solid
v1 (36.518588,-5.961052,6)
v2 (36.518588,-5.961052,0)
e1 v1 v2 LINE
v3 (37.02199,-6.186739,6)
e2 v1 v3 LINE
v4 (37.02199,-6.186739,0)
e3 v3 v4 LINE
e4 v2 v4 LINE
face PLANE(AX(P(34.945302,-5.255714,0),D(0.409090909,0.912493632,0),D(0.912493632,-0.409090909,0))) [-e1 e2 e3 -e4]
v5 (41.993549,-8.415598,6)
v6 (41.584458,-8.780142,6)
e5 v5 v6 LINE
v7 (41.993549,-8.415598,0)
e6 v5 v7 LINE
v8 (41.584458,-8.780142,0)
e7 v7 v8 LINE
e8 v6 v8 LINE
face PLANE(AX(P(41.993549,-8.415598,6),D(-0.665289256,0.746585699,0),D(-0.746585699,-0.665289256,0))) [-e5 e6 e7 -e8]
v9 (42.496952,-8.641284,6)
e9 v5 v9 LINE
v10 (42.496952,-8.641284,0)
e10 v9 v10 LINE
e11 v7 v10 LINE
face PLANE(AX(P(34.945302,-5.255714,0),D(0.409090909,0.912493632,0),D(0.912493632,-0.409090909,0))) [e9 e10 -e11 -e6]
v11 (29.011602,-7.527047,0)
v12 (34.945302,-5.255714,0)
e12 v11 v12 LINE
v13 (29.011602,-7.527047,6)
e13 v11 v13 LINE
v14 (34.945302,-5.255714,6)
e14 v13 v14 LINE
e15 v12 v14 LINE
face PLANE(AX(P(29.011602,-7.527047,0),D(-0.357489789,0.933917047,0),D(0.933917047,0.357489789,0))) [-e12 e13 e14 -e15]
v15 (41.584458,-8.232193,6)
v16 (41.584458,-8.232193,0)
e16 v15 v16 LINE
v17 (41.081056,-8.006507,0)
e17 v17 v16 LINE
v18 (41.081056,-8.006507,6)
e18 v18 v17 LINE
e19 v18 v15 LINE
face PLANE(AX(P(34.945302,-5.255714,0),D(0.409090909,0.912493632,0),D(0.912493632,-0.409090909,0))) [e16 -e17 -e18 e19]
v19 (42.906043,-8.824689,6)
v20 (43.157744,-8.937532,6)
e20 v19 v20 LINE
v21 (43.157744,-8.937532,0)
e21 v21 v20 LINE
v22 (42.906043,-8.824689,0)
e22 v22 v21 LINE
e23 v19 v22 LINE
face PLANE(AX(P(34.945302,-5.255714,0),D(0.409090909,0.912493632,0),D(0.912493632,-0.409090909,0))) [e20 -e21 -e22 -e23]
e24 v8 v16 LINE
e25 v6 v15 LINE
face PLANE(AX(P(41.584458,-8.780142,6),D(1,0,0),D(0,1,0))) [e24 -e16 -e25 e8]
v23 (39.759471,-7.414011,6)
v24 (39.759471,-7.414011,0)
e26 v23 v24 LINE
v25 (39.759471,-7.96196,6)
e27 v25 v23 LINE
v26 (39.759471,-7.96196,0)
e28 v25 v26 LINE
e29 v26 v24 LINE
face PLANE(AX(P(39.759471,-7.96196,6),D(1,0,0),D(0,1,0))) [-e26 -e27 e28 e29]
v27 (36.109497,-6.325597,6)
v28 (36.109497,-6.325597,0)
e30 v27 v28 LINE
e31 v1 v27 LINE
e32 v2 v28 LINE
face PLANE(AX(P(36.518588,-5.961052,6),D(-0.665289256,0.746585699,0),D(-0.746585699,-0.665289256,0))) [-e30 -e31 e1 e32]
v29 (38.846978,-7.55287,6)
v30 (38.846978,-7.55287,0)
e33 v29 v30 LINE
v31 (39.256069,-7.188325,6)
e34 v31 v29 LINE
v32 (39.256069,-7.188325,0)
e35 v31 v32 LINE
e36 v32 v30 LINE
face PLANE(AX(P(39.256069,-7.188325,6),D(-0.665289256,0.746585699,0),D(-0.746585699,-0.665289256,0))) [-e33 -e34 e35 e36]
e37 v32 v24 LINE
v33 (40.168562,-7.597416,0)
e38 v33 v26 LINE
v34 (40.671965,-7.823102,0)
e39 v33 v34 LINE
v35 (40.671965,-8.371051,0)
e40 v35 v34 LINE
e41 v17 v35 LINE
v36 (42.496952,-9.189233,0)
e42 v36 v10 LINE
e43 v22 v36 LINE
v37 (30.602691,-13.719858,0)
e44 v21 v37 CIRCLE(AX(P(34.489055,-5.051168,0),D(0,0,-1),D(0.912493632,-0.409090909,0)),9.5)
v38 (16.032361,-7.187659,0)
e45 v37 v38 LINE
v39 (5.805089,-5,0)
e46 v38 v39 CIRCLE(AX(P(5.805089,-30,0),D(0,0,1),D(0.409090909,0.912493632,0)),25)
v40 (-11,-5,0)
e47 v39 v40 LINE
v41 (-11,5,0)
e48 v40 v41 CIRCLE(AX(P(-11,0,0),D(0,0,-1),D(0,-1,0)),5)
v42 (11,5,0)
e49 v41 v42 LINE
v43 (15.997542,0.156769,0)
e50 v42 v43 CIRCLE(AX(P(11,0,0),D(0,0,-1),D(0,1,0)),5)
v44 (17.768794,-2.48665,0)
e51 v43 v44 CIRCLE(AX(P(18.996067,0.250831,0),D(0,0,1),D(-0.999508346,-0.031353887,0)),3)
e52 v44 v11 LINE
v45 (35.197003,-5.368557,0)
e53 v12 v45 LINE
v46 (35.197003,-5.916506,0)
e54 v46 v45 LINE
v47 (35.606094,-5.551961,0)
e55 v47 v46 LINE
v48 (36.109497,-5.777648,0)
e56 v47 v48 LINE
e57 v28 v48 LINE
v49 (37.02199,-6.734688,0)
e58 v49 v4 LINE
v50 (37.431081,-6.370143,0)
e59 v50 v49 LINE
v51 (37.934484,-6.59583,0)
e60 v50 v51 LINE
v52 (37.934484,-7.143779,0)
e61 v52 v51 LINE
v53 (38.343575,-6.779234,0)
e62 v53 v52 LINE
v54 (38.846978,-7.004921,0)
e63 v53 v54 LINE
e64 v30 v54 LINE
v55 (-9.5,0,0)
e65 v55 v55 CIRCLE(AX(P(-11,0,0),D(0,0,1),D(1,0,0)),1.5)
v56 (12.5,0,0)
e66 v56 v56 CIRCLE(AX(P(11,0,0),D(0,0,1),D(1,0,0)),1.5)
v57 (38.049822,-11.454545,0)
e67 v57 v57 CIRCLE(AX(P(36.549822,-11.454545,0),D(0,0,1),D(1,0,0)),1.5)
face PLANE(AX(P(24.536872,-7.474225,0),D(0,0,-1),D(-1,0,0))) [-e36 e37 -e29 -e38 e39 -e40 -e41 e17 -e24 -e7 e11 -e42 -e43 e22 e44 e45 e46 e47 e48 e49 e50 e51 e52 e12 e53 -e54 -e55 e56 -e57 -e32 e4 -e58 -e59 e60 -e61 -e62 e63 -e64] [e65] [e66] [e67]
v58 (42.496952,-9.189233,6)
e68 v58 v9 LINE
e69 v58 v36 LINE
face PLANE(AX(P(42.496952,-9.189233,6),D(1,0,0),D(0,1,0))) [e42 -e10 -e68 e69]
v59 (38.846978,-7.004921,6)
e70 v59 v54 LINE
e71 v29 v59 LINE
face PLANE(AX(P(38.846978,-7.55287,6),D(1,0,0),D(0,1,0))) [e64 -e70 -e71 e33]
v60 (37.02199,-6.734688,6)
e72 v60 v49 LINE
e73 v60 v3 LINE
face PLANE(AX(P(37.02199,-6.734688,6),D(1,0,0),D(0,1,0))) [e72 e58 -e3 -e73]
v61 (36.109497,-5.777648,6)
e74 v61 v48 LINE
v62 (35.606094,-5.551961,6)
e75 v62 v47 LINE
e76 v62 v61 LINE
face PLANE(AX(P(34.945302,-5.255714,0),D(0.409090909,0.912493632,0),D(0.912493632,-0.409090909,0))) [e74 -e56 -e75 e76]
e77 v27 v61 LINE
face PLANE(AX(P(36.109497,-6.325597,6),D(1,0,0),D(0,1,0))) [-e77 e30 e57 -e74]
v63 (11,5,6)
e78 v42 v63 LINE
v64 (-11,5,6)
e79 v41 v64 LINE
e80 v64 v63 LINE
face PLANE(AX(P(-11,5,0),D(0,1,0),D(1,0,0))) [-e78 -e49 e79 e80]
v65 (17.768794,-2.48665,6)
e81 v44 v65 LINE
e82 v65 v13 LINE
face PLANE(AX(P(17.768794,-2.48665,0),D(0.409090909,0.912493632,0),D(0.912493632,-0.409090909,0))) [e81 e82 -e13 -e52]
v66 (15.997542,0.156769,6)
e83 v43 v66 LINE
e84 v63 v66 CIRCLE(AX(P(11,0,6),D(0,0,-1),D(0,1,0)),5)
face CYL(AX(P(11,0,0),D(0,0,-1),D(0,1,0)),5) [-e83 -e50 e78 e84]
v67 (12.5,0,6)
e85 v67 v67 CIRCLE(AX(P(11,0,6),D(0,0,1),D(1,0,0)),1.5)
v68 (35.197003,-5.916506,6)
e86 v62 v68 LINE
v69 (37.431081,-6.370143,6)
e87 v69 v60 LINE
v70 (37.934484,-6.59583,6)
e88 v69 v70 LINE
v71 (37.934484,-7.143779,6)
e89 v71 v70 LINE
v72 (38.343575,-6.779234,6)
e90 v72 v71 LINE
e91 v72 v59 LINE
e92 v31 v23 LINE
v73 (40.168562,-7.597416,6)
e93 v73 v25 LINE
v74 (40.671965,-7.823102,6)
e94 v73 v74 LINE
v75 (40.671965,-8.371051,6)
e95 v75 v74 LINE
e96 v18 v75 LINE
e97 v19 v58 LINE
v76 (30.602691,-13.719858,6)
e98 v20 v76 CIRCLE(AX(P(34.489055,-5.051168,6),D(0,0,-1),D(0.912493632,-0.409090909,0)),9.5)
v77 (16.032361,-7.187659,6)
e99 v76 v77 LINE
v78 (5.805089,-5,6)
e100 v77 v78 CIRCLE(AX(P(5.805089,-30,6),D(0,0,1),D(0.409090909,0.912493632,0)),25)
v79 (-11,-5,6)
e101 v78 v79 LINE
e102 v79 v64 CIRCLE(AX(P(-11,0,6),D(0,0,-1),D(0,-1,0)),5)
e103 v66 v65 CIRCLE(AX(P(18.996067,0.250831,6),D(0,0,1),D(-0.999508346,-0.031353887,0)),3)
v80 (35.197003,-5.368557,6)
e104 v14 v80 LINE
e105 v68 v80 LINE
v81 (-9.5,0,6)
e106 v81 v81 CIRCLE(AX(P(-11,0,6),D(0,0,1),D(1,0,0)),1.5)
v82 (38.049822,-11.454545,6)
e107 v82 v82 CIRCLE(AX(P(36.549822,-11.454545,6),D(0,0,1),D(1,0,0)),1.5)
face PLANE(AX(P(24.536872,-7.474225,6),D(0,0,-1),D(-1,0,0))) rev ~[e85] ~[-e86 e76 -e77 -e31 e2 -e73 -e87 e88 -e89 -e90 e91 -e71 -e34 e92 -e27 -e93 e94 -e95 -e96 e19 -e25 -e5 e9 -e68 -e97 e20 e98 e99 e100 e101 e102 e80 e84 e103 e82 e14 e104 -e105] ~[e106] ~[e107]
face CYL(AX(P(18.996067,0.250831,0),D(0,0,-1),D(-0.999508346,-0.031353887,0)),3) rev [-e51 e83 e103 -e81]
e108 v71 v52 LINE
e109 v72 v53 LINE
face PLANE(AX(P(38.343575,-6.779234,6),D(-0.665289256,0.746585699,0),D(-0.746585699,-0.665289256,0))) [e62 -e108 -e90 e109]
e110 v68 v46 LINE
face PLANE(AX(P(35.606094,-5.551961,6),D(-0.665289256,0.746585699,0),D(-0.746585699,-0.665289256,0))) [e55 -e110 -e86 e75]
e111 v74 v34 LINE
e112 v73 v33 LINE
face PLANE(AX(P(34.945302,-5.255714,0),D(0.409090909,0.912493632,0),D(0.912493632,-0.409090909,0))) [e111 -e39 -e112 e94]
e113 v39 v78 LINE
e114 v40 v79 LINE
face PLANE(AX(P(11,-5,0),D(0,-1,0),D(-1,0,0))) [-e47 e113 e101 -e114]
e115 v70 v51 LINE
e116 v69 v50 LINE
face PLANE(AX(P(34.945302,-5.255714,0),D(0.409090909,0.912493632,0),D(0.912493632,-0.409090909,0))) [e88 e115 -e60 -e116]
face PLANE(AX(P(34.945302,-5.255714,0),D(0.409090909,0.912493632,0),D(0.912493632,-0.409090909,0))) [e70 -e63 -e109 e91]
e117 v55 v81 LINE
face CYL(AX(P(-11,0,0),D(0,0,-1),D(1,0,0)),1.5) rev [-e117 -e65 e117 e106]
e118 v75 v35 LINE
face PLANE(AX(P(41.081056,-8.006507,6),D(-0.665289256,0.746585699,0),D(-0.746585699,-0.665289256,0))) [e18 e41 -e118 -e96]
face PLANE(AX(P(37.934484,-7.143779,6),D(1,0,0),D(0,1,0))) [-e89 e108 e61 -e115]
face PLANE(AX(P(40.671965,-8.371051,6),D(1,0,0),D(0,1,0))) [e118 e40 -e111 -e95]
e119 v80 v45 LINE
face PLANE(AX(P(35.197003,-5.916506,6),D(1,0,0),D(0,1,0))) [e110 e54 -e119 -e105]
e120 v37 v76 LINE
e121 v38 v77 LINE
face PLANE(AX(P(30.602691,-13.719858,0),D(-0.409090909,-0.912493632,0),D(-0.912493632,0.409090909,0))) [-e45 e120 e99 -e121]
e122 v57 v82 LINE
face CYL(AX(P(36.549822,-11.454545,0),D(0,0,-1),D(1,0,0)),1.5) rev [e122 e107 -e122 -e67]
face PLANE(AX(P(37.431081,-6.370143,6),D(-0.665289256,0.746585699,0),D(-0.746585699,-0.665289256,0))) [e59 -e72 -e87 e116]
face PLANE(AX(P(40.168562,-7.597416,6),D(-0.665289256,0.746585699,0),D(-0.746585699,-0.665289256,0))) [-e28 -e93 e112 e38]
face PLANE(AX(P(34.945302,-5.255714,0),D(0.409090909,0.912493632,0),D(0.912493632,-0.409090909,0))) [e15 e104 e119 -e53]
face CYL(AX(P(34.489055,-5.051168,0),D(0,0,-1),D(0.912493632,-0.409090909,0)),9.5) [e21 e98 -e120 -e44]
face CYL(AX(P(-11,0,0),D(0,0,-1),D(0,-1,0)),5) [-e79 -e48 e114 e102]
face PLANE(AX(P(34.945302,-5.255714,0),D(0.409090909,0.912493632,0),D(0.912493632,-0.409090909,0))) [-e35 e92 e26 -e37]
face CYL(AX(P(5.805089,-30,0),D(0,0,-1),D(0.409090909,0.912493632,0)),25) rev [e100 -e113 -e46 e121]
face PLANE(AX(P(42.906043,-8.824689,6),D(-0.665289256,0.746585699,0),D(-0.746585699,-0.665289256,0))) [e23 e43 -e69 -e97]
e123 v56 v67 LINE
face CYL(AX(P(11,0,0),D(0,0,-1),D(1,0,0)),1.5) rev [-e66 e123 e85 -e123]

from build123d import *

# Parameters (mm, degrees)
SKETCH_1_R             = 1.5
EXTRUDE_1_DEPTH        = 6
EXTRUDE_START          = -6
SKETCH_2_R             = 1.5
EXTRUDE_2_DEPTH        = 6
CUT_EXTRUDE_1_DEPTH    = 6
PATTERN_LINEAR_1_COUNT = 9
PATTERN_LINEAR_1_PITCH = 1


with BuildPart() as part:
    # 草图1 → 凸台-拉伸1 (new body)
    with BuildSketch(Plane.XY):
        with BuildLine():
            Line((-11, 5), (11, 5))
            ThreePointArc((11, 5), (16, 0), (11, -5))
            Line((11, -5), (-11, -5))
            ThreePointArc((-11, -5), (-16, 0), (-11, 5))
        make_face()
        with Locations((-11, 0)):
            Circle(SKETCH_1_R, mode=Mode.SUBTRACT)
        with Locations((11, 0)):
            Circle(SKETCH_1_R, mode=Mode.SUBTRACT)
    extrude(amount=EXTRUDE_1_DEPTH)

    # 草图2 → 凸台-拉伸2 (add)
    with BuildSketch(Plane.XY.offset(6).offset(EXTRUDE_START)):
        with BuildLine():
            Line((17.768794041, -2.486649801), (29.011601927, -7.527047167))
            Line((29.011601927, -7.527047167), (34.945301709, -5.255713659))
            Line((34.945301709, -5.255713659), (43.157744395, -8.937531841))
            ThreePointArc((43.157744395, -8.937531841), (37.870669943, -13.928931417), (30.602691257, -13.719857707))
            Line((30.602691257, -13.719857707), (16.032361282, -7.187659205))
            ThreePointArc((16.032361282, -7.187659205), (11.034404004, -5.553031682), (5.805088555, -5))
            Line((5.805088555, -5), (11, -5))
            ThreePointArc((11, -5), (14.590532493, -3.479666135), (15.99754173, 0.156769434))
            ThreePointArc((15.99754173, 0.156769434), (16.503827213, -1.419121599), (17.768794041, -2.486649801))
        make_face()
        with Locations((36.549821691, -11.454545455)):
            Circle(SKETCH_2_R, mode=Mode.SUBTRACT)
    extrude(amount=EXTRUDE_2_DEPTH)

    # 草图3 → 切除-拉伸1 (cut)
    with BuildSketch(Plane.XY.offset(6)):
        Polygon((42.906043034, -8.8246886), (42.496952125, -9.189233202), (42.496952125, -8.641284173), align=None)
    cut_extrude_1 = extrude(amount=-CUT_EXTRUDE_1_DEPTH, mode=Mode.SUBTRACT)

    # 阵列(线性)1: 切除-拉伸1 ×9
    with Locations(*[Vector(-0.9124936318129422, 0.4090909090909094, 0) * (i * PATTERN_LINEAR_1_PITCH) for i in range(1, PATTERN_LINEAR_1_COUNT)]):
        add(cut_extrude_1, mode=Mode.SUBTRACT)


solid = part.part
